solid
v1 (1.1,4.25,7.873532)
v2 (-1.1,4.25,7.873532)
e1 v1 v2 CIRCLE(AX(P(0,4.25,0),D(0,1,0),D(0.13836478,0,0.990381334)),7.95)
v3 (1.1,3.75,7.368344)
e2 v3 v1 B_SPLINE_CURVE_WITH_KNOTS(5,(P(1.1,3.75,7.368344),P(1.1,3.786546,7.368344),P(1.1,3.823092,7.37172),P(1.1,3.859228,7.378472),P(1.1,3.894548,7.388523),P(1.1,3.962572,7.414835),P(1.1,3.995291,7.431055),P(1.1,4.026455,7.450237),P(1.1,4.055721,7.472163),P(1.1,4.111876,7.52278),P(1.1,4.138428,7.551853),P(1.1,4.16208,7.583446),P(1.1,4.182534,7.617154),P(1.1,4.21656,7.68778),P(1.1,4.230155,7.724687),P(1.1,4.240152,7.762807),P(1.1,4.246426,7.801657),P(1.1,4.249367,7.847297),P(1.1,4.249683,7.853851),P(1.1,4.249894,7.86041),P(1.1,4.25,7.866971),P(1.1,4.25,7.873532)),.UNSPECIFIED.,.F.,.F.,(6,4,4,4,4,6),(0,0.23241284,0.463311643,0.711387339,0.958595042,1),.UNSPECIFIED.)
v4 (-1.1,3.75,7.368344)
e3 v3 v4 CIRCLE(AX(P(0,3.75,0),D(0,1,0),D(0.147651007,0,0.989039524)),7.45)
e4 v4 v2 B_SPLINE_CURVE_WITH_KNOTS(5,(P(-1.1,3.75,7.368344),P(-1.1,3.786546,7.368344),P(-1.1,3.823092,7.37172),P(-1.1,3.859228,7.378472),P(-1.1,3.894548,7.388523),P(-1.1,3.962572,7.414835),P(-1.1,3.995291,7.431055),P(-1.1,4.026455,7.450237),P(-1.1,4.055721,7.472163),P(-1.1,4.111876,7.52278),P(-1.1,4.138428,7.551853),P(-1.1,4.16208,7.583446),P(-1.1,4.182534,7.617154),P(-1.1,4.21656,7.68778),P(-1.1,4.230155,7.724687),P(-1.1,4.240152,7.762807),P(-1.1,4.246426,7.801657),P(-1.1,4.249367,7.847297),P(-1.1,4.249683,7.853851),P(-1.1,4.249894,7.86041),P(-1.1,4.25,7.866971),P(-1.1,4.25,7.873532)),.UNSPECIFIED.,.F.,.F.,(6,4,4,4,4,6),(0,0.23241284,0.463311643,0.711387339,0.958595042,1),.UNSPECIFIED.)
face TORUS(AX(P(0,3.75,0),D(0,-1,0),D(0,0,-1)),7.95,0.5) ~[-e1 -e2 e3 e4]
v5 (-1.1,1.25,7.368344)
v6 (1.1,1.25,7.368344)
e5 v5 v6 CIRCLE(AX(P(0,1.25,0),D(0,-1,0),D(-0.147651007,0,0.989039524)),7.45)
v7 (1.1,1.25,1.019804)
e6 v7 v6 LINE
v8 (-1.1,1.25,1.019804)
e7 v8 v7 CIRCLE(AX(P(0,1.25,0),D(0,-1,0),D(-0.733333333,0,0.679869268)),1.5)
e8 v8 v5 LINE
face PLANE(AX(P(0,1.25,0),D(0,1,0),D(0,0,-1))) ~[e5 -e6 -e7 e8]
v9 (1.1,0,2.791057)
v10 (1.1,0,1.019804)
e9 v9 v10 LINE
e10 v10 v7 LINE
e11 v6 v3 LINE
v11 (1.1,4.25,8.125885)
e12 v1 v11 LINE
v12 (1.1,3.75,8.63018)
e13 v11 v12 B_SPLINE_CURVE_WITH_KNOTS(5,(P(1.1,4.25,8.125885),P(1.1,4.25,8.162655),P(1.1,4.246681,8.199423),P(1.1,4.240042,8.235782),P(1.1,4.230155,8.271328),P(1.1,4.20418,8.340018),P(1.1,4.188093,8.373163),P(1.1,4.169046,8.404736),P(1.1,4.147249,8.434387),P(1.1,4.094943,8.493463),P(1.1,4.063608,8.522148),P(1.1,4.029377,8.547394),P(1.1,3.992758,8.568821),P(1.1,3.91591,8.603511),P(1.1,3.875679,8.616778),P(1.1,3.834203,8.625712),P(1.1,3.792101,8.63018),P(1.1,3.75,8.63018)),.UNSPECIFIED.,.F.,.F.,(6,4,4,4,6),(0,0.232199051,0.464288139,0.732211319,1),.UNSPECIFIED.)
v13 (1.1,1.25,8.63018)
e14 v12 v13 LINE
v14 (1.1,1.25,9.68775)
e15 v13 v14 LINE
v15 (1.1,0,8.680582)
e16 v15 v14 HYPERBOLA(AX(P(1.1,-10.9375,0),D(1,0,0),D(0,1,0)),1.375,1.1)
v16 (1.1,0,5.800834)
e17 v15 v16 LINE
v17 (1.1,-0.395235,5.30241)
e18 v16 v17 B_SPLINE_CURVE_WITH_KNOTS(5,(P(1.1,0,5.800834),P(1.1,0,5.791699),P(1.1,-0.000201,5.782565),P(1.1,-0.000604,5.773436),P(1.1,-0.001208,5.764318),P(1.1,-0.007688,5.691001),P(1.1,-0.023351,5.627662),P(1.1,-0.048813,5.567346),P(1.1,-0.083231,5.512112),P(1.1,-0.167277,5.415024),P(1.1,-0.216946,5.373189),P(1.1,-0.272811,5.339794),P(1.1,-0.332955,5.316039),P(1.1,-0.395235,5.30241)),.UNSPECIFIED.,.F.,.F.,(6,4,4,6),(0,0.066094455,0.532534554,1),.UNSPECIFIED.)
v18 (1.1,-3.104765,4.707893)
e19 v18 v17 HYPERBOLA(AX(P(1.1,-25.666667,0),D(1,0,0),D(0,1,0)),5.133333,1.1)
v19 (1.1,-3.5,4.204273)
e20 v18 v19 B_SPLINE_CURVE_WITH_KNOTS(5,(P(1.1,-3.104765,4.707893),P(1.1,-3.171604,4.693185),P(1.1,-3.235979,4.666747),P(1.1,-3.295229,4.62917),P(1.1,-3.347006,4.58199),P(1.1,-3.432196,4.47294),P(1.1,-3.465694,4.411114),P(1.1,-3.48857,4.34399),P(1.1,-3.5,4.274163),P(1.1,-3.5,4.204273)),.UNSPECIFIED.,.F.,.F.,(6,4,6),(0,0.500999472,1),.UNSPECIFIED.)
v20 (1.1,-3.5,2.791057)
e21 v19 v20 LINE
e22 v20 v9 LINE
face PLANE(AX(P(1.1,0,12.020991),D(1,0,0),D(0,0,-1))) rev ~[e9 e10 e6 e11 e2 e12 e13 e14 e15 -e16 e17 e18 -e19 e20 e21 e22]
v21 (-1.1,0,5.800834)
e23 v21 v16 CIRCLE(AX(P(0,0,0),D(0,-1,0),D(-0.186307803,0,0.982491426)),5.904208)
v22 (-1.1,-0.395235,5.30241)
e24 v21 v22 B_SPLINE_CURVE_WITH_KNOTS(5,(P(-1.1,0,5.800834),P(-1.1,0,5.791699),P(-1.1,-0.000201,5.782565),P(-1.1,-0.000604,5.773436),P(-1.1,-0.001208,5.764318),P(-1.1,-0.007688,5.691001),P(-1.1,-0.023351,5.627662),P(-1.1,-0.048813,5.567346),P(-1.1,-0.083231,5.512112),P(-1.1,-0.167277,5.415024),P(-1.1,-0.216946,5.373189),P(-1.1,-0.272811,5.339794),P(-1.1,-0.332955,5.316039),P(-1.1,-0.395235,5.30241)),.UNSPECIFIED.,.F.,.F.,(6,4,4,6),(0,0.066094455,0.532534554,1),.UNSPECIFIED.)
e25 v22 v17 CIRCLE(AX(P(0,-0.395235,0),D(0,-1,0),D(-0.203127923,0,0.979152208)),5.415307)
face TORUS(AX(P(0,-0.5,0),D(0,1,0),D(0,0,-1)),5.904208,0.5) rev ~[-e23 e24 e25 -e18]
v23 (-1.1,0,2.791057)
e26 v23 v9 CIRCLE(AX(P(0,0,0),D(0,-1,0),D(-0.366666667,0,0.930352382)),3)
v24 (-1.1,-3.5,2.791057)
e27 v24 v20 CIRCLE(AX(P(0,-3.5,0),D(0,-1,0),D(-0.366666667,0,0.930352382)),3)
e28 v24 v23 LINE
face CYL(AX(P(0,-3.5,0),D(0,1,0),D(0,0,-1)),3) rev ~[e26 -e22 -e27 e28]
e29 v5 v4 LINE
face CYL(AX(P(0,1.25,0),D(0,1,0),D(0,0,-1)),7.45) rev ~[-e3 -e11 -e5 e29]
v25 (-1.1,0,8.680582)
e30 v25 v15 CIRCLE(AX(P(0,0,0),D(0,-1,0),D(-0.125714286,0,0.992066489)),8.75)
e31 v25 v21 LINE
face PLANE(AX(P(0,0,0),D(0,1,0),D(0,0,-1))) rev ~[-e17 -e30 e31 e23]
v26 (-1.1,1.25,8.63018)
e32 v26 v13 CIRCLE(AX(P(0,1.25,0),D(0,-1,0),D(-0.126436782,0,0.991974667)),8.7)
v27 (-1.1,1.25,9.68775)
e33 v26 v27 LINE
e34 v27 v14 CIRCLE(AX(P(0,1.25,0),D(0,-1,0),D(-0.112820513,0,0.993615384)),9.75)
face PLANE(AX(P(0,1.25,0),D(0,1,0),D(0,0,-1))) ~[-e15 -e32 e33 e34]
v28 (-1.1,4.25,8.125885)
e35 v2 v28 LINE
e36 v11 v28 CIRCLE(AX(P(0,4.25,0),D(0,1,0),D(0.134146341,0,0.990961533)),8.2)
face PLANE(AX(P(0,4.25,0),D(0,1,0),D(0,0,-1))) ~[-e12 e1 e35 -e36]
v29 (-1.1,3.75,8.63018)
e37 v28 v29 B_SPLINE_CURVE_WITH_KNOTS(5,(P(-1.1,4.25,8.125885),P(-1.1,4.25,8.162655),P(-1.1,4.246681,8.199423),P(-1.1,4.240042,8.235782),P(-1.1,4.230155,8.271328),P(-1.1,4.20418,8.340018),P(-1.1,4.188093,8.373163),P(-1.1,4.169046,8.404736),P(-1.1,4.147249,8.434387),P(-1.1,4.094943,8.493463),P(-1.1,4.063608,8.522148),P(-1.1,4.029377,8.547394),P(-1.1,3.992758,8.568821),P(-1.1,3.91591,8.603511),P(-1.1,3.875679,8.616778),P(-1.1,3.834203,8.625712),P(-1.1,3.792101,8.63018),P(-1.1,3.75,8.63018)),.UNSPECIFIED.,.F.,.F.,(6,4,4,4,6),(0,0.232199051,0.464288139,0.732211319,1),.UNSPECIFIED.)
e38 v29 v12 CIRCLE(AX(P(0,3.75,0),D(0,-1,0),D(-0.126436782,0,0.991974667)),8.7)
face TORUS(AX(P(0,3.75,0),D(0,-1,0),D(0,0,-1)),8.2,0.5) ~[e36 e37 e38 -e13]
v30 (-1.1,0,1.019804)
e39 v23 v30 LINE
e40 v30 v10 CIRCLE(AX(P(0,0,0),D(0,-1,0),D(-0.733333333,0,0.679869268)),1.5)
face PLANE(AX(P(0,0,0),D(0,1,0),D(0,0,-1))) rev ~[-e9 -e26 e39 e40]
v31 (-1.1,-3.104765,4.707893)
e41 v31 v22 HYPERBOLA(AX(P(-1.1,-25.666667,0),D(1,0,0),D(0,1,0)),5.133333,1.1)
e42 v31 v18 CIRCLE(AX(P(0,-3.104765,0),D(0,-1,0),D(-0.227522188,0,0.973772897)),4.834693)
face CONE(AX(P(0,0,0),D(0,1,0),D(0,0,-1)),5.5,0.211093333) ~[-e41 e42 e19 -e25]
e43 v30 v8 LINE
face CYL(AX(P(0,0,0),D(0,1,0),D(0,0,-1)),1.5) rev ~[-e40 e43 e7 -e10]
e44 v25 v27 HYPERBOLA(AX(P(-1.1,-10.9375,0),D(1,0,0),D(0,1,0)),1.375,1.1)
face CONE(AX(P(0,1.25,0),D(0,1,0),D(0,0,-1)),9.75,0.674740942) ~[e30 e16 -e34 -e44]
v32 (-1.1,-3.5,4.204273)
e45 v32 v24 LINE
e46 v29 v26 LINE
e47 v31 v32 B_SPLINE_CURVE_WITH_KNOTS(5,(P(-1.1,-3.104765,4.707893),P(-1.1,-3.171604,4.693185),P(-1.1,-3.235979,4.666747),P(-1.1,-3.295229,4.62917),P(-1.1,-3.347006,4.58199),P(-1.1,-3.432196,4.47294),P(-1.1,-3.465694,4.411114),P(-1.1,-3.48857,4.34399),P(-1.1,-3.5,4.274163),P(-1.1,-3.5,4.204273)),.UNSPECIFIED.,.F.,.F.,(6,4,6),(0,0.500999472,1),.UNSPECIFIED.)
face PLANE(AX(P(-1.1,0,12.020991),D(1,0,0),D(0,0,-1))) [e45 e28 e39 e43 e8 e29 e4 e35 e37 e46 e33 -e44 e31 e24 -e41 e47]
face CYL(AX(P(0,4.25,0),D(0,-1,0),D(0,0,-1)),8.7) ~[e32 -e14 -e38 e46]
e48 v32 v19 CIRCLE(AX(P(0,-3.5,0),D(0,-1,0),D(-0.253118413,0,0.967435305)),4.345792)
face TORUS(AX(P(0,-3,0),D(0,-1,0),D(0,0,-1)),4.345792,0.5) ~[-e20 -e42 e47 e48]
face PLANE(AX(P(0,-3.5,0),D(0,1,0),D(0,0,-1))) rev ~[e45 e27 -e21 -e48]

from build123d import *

# Parameters (mm, degrees)
FILLET1_R          = 0.5
SKETCH2_W          = 2.2
SKETCH2_H          = 12.020991071
CUT_EXTRUDE1_DEPTH = 5


with BuildPart() as part:
    # Sketch1 → Revolve1 (revolve)
    with BuildSketch(Plane.XY, mode=Mode.PRIVATE) as revolve1_sk:
        Polygon((1.5, 0), (1.5, 1.25), (7.45, 1.25), (7.45, 4.25), (8.7, 4.25), (8.7, 1.25), (9.75, 1.25), (8.75, 0), (5.5, 0), (4.75, -3.5), (3, -3.5), (3, 0), align=None)
    revolve(revolve1_sk.sketch.rotate(Axis((0, -16.601859786, 0), (0, 1, 0)), 90), axis=Axis((0, -16.601859786, 0), (0, 1, 0)))

    # Fillet1
    fillet1_edges = [part.edges().sort_by_distance(p)[0] for p in [
        (0, 4.25, 8.7),
        (0, 4.25, 7.45),
        (0, -3.5, 4.75),
        (0, 0, 5.5),
    ]]
    fillet(fillet1_edges, radius=FILLET1_R)

    # Sketch2 → Cut-Extrude1 (cut, symmetric)
    with BuildSketch(Plane(origin=(0, 0, 0), x_dir=(1, 0, 0), z_dir=(0, 1, 0))):
        with Locations((0, -6.010495536)):
            Rectangle(SKETCH2_W, SKETCH2_H)
    extrude(amount=CUT_EXTRUDE1_DEPTH, both=True, mode=Mode.SUBTRACT)


solid = part.part
